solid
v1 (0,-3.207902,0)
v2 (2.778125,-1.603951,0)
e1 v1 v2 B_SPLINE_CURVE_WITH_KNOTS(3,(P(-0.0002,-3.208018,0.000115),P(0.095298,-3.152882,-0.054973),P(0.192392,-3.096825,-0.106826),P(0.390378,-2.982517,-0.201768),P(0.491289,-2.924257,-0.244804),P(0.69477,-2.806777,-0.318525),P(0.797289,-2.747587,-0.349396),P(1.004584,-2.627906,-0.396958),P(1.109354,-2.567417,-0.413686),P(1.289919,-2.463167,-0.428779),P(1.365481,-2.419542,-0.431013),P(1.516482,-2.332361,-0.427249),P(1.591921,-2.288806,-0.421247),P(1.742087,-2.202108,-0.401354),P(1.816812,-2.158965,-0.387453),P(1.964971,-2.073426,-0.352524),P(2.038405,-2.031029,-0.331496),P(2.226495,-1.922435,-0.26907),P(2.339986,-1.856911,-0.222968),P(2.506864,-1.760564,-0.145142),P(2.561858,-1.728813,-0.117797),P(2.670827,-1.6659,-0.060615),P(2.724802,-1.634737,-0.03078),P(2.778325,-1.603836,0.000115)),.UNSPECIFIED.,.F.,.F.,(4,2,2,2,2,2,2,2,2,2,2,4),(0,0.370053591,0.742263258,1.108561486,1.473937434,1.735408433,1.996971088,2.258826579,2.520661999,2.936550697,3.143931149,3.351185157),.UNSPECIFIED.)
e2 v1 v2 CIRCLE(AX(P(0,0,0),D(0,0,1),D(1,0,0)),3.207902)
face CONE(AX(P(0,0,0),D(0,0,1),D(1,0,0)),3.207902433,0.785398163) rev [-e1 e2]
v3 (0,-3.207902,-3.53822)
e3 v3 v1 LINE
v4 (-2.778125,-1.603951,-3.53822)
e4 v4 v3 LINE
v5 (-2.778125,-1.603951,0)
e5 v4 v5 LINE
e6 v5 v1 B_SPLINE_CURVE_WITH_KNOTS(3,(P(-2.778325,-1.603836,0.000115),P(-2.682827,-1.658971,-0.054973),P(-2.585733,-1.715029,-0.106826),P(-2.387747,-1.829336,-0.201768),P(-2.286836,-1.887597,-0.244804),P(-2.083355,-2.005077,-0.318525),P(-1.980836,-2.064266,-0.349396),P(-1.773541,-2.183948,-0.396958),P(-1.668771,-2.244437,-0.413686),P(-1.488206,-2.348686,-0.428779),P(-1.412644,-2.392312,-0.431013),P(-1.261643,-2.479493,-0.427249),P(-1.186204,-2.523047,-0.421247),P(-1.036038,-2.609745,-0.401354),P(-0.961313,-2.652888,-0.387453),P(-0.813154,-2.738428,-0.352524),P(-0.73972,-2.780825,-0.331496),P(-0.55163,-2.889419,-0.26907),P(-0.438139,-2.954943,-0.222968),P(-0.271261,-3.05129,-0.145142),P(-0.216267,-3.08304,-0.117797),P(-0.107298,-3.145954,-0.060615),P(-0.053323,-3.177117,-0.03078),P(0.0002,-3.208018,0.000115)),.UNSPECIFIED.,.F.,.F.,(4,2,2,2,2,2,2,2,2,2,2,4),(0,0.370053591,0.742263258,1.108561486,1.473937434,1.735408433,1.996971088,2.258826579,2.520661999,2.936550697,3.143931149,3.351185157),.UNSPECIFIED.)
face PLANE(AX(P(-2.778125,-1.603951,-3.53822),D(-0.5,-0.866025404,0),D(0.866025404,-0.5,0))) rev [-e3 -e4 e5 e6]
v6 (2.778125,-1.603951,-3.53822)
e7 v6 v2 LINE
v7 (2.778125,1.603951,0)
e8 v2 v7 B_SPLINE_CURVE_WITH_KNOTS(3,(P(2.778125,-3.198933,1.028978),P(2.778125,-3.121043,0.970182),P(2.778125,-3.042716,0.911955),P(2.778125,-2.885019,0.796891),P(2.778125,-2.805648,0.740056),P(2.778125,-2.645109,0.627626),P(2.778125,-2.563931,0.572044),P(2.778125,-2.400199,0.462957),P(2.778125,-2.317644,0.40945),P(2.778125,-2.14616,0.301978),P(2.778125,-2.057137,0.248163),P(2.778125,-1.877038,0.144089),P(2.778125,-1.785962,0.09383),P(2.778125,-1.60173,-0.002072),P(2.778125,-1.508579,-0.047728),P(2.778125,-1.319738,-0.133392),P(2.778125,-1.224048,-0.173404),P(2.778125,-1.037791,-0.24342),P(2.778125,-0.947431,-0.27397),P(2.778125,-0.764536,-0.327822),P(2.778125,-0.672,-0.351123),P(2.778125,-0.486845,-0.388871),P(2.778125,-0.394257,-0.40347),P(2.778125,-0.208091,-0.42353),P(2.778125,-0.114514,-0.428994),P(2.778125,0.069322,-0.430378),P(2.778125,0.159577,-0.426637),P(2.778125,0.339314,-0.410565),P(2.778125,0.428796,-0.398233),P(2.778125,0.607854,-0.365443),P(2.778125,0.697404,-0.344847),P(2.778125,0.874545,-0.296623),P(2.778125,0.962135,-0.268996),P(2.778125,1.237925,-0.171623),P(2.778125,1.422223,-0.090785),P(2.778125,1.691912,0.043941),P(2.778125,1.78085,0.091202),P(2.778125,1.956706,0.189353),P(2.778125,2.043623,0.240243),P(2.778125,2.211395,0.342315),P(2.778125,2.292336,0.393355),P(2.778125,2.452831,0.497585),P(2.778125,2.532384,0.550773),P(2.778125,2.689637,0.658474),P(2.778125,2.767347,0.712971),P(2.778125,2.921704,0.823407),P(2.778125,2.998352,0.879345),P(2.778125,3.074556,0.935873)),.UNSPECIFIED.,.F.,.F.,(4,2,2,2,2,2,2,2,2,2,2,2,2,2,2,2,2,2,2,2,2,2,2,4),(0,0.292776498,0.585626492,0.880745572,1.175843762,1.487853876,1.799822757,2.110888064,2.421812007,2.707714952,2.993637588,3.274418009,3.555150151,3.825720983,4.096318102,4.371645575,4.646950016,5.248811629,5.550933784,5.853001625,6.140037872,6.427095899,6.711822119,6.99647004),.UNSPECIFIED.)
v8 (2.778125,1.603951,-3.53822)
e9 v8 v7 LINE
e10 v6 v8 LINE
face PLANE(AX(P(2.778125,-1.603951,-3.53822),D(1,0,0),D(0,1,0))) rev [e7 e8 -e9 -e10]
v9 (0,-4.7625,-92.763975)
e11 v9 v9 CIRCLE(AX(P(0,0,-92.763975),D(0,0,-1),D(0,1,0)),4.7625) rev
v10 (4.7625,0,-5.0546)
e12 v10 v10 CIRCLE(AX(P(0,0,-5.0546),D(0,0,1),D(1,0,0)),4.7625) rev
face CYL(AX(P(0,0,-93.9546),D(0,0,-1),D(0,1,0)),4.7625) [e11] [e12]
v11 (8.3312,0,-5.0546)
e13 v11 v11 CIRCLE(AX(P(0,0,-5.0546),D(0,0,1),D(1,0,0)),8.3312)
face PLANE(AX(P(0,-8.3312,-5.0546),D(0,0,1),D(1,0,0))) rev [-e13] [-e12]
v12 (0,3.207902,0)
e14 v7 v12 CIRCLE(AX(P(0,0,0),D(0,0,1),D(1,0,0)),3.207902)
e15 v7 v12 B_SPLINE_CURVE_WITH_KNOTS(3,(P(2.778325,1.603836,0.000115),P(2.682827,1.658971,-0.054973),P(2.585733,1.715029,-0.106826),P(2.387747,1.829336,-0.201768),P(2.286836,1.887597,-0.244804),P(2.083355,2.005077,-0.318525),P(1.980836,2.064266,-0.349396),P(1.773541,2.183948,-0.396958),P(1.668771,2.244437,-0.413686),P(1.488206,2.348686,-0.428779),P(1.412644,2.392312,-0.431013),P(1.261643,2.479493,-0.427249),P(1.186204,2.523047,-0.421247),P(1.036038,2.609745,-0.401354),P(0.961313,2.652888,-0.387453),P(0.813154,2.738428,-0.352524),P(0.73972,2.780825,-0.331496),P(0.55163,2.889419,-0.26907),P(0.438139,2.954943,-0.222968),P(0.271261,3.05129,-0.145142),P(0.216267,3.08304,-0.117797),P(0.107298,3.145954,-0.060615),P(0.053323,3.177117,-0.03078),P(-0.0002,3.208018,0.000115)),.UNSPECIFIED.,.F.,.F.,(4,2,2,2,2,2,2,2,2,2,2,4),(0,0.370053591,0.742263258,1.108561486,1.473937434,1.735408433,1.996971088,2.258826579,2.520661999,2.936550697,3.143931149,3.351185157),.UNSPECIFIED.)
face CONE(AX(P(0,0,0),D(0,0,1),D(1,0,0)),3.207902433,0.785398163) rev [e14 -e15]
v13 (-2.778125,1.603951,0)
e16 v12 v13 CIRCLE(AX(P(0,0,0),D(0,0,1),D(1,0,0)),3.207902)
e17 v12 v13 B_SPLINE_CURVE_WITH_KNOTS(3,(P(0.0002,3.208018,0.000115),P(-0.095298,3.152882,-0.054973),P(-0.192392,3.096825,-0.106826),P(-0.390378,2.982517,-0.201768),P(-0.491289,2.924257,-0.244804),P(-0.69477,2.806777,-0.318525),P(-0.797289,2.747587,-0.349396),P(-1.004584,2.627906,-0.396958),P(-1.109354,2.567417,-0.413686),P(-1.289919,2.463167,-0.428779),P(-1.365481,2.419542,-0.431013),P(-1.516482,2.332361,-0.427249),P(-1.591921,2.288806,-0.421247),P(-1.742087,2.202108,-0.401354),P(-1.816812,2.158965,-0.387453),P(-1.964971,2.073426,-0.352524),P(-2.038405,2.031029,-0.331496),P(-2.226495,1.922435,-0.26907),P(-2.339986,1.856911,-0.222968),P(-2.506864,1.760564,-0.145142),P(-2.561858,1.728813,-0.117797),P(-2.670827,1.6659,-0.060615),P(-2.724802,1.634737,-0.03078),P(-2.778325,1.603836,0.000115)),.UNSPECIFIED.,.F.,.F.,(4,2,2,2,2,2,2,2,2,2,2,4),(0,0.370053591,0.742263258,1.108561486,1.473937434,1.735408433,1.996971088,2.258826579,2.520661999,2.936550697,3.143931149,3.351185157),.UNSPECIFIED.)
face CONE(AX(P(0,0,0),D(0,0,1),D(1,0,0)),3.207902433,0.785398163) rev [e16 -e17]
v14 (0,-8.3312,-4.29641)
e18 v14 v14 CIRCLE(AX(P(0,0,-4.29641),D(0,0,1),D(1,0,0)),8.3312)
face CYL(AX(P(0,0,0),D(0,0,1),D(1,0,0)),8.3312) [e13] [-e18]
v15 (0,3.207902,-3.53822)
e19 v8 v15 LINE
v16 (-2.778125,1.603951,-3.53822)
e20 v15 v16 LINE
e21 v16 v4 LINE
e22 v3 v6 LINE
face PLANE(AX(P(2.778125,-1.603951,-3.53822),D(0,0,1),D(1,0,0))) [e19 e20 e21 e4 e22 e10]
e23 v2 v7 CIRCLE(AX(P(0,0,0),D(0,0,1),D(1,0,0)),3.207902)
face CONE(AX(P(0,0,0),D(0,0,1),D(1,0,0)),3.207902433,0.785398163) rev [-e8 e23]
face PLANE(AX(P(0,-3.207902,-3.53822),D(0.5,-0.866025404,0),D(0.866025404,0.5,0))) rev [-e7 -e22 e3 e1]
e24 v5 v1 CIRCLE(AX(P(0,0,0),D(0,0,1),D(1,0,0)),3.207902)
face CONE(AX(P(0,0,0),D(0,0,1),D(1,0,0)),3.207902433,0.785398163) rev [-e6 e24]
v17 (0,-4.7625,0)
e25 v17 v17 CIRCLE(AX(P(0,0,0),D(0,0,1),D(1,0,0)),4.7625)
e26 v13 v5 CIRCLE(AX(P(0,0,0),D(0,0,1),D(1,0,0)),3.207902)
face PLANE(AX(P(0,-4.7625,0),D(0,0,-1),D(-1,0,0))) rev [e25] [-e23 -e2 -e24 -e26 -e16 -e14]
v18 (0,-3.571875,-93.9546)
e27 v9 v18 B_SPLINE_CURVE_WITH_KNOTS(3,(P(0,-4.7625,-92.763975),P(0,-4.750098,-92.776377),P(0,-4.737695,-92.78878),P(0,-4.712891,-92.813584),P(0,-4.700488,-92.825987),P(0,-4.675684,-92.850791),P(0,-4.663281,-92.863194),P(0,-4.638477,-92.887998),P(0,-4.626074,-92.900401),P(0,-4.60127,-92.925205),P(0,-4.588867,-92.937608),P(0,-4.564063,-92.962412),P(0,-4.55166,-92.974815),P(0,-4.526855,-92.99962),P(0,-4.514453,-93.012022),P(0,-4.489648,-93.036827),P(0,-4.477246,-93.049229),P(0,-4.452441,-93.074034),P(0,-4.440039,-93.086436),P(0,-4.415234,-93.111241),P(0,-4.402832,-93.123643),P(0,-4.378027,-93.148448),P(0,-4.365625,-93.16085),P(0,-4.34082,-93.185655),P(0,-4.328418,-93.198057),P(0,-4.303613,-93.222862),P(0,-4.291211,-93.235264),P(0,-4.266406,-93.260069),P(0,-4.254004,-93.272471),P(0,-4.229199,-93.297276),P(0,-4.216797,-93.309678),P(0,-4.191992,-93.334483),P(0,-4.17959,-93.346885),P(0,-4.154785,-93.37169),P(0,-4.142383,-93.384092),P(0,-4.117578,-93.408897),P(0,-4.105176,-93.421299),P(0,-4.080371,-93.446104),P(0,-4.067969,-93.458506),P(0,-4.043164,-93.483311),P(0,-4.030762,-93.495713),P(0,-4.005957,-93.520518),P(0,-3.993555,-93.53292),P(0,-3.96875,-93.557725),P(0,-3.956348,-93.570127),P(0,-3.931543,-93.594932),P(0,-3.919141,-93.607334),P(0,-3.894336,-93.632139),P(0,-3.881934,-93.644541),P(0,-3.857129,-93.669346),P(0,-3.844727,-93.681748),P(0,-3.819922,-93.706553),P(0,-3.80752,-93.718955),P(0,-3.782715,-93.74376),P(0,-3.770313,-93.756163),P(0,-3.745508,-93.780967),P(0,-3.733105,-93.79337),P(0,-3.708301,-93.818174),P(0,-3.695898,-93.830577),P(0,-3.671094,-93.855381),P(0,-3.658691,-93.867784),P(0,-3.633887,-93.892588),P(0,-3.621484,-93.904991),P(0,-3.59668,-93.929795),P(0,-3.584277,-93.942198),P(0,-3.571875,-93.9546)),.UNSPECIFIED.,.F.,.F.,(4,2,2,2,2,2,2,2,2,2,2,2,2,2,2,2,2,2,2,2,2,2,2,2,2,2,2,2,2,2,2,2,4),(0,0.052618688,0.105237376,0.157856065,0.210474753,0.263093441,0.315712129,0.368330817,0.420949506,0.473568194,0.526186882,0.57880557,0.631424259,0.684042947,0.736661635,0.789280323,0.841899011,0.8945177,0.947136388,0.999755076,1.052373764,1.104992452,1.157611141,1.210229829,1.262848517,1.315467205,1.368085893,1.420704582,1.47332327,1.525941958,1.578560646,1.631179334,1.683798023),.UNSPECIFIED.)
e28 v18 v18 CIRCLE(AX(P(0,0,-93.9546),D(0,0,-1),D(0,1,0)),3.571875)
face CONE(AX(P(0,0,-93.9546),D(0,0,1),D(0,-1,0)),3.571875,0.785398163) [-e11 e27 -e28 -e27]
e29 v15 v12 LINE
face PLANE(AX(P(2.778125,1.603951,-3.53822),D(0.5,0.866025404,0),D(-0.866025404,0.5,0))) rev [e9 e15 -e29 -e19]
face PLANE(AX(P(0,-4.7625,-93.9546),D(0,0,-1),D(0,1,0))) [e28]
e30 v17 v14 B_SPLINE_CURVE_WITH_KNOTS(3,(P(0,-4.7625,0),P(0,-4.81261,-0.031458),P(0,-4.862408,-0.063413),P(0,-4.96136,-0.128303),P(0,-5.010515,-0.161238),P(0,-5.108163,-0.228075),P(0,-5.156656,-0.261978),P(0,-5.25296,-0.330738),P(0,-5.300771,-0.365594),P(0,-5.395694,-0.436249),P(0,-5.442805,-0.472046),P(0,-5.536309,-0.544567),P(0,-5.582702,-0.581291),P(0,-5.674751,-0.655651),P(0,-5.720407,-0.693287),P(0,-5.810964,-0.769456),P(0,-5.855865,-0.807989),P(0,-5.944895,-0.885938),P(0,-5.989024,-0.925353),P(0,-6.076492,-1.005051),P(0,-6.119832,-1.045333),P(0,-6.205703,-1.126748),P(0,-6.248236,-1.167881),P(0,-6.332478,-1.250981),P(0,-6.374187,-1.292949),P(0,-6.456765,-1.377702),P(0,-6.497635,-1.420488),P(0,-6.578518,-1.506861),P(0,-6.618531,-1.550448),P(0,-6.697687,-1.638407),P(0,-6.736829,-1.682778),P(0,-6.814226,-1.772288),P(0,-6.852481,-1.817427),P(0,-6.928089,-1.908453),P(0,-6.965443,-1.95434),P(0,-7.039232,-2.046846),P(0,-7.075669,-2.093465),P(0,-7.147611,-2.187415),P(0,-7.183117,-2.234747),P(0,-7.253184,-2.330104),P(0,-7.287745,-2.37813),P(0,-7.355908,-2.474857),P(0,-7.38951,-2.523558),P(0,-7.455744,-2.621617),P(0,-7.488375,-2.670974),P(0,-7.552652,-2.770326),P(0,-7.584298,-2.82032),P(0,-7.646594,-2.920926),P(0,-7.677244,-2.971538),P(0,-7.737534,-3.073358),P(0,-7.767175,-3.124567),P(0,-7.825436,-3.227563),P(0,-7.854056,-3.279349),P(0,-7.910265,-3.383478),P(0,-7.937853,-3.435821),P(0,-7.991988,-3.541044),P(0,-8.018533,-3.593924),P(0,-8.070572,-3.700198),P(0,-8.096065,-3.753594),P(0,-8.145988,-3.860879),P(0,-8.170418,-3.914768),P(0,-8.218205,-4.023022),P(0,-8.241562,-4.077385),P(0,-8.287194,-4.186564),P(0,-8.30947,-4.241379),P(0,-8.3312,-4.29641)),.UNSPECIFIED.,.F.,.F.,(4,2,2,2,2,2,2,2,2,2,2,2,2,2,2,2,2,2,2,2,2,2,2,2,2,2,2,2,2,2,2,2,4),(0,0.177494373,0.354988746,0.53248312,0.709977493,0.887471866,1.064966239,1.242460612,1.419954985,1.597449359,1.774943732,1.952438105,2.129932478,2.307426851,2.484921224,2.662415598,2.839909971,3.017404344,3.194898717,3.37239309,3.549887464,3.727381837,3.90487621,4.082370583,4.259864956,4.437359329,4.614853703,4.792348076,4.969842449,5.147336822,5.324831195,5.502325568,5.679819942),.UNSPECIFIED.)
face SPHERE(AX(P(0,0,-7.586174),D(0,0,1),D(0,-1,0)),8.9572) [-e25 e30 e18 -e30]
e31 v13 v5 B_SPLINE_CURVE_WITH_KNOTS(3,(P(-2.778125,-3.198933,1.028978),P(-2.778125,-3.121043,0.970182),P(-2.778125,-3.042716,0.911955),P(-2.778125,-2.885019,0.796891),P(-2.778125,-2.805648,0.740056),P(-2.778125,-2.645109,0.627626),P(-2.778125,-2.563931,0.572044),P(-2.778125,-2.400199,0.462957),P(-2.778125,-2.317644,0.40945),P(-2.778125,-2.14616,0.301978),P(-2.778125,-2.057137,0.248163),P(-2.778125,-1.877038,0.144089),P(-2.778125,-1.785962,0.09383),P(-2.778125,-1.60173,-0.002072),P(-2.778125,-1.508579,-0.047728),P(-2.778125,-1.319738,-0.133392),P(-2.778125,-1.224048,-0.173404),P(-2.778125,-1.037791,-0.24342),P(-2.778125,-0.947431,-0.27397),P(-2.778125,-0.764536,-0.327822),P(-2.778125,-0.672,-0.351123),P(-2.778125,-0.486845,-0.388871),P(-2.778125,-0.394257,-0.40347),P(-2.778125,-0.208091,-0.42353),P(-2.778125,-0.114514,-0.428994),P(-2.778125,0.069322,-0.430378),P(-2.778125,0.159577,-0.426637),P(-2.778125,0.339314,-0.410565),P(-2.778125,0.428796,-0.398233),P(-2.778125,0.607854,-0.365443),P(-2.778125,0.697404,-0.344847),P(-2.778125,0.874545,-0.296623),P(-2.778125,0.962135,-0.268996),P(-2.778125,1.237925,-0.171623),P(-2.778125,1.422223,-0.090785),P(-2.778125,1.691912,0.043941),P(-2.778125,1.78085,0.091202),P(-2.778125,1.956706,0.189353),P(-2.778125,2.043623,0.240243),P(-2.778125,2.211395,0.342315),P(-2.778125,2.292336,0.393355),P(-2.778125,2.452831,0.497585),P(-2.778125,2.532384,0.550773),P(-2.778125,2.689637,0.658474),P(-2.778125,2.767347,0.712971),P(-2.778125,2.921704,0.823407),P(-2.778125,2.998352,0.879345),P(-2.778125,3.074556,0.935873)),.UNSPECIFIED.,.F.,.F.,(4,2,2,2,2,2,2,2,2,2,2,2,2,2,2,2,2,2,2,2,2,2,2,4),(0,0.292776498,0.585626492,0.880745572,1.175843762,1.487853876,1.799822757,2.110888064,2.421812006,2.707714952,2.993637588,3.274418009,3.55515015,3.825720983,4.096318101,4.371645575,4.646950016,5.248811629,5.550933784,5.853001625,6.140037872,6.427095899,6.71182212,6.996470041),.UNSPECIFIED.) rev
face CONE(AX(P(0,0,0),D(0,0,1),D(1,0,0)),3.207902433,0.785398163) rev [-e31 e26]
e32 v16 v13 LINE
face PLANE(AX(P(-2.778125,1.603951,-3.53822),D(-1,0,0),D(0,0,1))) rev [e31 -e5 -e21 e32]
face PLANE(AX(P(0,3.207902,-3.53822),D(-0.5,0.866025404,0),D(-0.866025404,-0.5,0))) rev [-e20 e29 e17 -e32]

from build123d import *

# Parameters (mm, degrees)
SKETCH1_W          = 88.9
SKETCH1_H          = 4.7625
CHAMFER1_SIZE      = 1.190625
CUT_EXTRUDE2_DEPTH = 3.53822


with BuildPart() as part:
    # Sketch1 → Revolve1 (revolve)
    with BuildSketch(Plane(origin=(0, 0, 0), x_dir=(0, 0, -1), z_dir=(1, 0, 0))):
        with Locations((49.5046, 2.38125)):
            Rectangle(SKETCH1_W, SKETCH1_H)
    revolve(axis=Axis((0, 0, -93.9546), (0, 0, 1)))

    # Chamfer1
    chamfer1_edges = [part.edges().sort_by_distance(p)[0] for p in [
        (0, -4.7625, -93.9546),
    ]]
    chamfer(chamfer1_edges, length=CHAMFER1_SIZE)

    # Sketch7 → Revolve2 (revolve)
    with BuildSketch(Plane(origin=(0, 0, 0), x_dir=(0, 0, -1), z_dir=(1, 0, 0))):
        with BuildLine():
            Line((4.29641, 8.3312), (5.0546, 8.3312))
            Line((5.0546, 8.3312), (5.0546, 0))
            Line((5.0546, 0), (0, 0))
            Line((0, 0), (0, 4.7625))
            ThreePointArc((0, 4.7625), (1.862939611, 6.890285164), (4.29641, 8.3312))
        make_face()
    revolve(axis=Axis((0, 0, 0), (0, 0, -1)))

    # Sketch5 → Cut-Extrude2 (cut)
    with BuildSketch(Plane.XY):
        Polygon((2.778125, -1.603951217), (2.778125, 1.603951217), (0, 3.207902433), (-2.778125, 1.603951217), (-2.778125, -1.603951217), (0, -3.207902433), align=None)
    extrude(amount=-CUT_EXTRUDE2_DEPTH, mode=Mode.SUBTRACT)

    # Cut-Extrude3 cone 1 section (through the dimple's axis) → Cut-Extrude3 (revolve, cut)
    with BuildSketch(Plane(origin=(0, 0, 0), x_dir=(0, -1, 0), z_dir=(1, 0, 0))):
        Polygon((0, 0), (3.207902433, 0), (0, 3.207902433), align=None)
    revolve(axis=Axis((0, 0, 0), (0, 0, -1)), mode=Mode.SUBTRACT)


solid = part.part
